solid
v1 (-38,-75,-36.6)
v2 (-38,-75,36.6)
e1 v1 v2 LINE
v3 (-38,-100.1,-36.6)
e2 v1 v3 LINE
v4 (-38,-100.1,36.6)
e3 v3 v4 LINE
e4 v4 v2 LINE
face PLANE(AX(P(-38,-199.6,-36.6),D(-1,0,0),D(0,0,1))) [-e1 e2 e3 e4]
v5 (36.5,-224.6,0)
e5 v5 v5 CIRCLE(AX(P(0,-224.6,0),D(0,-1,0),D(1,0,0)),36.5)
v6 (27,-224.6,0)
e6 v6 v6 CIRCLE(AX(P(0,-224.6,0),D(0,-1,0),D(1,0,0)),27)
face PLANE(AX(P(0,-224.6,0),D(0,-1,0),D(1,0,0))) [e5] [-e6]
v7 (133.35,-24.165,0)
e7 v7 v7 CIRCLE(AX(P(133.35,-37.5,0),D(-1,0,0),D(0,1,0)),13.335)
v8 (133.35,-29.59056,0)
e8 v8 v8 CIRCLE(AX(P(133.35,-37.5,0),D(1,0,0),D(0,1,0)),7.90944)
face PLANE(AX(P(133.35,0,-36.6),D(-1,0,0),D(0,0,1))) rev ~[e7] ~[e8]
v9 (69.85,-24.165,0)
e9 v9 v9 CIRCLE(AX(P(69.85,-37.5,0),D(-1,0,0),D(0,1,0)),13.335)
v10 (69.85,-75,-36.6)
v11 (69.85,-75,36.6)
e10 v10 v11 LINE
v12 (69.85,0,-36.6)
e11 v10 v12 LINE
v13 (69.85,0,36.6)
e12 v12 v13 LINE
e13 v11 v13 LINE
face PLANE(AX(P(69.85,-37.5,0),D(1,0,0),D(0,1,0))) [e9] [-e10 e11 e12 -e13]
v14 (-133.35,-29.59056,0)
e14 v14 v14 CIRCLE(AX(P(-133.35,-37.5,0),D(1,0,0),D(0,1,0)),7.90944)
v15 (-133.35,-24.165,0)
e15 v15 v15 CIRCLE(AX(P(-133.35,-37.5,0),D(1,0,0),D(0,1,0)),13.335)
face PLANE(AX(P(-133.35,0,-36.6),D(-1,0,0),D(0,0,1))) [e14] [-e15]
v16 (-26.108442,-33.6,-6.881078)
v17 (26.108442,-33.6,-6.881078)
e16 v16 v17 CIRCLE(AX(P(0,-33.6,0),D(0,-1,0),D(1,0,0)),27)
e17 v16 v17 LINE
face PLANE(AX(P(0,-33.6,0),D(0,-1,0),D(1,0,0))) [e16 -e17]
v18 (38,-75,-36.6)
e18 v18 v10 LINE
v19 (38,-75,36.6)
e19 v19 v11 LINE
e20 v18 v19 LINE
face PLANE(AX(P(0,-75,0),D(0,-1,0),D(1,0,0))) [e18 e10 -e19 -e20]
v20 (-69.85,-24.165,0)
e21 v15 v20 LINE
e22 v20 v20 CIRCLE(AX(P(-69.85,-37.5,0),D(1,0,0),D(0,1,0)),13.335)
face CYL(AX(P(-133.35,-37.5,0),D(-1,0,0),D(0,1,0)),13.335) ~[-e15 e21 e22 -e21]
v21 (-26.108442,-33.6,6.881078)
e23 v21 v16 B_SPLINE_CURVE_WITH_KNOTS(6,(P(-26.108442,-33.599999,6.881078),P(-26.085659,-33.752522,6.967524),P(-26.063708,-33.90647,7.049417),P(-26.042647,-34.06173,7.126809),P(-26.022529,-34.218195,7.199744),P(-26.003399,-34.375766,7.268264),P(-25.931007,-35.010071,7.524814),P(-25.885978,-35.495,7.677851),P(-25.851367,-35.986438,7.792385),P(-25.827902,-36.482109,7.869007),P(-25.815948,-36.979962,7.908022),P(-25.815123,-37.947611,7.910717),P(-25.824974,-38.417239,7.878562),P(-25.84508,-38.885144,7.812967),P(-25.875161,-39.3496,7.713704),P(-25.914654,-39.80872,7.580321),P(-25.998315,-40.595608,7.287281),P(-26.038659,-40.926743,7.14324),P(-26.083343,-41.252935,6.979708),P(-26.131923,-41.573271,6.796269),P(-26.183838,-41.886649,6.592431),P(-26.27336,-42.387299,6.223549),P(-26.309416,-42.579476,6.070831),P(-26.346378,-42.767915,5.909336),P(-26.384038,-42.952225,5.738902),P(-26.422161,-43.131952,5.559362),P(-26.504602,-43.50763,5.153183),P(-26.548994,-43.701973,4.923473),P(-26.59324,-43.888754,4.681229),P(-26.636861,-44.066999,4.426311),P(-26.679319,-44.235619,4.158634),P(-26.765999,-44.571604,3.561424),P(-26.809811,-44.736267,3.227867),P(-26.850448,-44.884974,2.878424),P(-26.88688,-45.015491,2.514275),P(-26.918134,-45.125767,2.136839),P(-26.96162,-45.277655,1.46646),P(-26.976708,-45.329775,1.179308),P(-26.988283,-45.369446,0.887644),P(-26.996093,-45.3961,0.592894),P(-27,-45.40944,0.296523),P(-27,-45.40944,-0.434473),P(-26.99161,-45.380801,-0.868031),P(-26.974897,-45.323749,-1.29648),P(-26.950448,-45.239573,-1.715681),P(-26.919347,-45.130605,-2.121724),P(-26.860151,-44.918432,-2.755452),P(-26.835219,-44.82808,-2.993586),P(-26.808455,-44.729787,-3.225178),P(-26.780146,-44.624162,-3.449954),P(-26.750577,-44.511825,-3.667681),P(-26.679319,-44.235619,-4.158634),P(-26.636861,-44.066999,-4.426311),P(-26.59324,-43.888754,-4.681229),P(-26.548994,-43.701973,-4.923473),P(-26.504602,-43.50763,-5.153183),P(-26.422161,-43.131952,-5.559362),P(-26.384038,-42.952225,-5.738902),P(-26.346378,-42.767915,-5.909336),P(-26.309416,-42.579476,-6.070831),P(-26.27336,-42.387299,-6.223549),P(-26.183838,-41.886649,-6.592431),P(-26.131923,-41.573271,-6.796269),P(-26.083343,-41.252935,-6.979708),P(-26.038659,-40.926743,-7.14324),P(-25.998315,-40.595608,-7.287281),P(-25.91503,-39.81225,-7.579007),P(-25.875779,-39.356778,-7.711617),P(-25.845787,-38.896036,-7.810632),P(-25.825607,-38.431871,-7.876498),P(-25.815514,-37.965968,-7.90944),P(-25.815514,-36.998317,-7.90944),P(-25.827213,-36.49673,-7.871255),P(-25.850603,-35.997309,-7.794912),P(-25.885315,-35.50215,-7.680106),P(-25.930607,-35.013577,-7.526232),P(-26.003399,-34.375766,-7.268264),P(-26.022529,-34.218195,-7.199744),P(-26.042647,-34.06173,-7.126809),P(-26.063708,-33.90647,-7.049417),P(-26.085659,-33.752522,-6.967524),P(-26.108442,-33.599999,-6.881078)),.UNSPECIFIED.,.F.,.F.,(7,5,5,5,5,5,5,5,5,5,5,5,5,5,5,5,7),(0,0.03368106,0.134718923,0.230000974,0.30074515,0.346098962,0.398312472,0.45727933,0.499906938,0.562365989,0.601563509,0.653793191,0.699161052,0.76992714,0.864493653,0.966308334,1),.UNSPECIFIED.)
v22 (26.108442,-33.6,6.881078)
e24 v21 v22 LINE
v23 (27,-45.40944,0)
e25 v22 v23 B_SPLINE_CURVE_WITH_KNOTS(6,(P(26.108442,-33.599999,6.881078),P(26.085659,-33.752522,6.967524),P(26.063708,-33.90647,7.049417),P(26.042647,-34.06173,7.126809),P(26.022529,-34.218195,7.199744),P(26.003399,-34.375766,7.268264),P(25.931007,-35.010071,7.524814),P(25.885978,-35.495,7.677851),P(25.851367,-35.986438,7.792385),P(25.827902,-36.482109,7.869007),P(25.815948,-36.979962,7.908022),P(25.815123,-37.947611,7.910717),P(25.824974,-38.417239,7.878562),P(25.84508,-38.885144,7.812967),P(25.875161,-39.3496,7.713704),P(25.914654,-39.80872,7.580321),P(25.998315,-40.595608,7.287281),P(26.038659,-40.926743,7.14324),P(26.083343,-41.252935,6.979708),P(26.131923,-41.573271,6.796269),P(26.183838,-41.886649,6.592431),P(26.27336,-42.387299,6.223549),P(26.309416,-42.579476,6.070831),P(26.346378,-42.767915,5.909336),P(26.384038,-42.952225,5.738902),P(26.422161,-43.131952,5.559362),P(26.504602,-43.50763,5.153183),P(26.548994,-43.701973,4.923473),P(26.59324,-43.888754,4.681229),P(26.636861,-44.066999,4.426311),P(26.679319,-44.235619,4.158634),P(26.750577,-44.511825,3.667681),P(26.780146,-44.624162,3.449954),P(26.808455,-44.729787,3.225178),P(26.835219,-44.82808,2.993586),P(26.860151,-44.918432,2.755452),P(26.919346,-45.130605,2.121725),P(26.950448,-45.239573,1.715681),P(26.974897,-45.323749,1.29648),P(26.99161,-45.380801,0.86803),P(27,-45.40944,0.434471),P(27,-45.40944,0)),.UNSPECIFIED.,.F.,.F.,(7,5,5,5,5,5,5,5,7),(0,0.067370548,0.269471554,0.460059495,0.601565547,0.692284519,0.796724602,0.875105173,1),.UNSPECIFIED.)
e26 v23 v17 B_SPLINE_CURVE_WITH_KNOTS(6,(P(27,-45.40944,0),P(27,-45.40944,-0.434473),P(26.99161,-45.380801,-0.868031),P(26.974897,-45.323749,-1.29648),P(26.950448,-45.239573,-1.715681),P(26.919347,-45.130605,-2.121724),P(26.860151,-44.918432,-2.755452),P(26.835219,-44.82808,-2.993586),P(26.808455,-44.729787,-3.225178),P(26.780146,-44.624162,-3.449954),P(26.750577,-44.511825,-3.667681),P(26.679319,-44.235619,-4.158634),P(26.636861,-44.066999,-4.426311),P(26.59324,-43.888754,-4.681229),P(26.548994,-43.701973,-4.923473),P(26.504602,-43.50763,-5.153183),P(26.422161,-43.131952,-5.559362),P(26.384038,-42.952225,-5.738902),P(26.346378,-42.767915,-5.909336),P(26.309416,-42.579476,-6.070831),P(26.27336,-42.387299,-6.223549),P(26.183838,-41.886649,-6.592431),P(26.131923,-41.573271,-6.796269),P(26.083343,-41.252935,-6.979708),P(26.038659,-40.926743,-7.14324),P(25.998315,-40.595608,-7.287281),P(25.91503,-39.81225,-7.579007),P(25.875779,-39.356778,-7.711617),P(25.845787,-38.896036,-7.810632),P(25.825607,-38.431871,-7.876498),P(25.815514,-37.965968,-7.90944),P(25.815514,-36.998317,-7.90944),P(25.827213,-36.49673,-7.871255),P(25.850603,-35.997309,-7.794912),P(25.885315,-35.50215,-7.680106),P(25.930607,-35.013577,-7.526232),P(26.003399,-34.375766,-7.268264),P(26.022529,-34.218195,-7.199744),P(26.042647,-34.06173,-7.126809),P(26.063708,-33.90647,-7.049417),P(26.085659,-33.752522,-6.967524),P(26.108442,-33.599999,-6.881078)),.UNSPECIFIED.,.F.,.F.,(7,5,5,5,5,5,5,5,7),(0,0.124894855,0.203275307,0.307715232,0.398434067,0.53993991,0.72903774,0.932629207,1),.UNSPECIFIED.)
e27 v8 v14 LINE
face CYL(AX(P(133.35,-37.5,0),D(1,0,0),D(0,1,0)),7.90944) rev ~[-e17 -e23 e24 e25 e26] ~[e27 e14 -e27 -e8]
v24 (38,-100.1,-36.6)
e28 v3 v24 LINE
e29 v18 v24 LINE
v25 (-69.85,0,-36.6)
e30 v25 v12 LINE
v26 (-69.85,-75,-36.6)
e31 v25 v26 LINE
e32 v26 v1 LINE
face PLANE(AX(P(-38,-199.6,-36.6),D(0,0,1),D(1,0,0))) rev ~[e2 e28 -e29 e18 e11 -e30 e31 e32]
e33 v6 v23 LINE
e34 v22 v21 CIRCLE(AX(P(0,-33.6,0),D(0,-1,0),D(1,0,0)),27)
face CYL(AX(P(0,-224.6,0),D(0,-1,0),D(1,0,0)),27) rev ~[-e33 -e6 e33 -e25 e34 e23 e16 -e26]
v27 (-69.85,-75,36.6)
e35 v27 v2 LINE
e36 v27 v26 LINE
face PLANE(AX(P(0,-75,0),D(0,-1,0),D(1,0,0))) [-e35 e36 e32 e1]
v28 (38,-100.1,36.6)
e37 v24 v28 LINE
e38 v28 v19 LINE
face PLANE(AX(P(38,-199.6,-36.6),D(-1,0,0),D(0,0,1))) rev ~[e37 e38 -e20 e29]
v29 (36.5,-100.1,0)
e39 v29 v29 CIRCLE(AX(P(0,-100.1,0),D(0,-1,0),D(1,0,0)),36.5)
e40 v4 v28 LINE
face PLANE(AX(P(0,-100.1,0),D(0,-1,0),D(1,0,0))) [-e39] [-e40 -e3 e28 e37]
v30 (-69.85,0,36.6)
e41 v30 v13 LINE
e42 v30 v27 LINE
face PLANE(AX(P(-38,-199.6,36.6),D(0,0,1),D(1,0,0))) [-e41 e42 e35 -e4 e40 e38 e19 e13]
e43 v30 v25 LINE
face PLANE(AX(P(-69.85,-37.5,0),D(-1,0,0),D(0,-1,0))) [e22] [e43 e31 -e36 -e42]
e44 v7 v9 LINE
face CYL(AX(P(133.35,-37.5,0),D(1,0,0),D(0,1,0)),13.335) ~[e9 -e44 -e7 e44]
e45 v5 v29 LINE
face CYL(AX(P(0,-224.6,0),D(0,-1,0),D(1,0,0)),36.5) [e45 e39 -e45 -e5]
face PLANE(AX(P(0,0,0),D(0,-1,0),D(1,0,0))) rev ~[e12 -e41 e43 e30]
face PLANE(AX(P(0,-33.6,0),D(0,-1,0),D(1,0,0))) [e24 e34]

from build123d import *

# Parameters (mm, degrees)
F0_W      = 266.7
F0_H      = 73.2
F1_DEPTH  = 75
F2_W      = 76
F2_H      = 73.2
F3_DEPTH  = 124.6
F4_R      = 58.834667
F5_DEPTH  = 63.5
F6_R      = 62.865407
F7_DEPTH  = 63.5
F3_FACE_W = 76
F3_FACE_H = 73.2
F8_DEPTH  = 25
F9_R      = 76.896223
F9_R_2    = 36.5
F10_DEPTH = 124.5
F11_R     = 27
F12_DEPTH = 191
F13_R     = 7.90944
F14_DEPTH = 291


with BuildPart() as f1:
    # F0 (on Front) → F1 (new body)
    with BuildSketch(Plane.XZ):
        Rectangle(F0_W, F0_H)
    extrude(amount=F1_DEPTH)

    # F2 (on face) → F3 (join)
    with BuildSketch(Plane.XZ.offset(75)):
        Rectangle(F2_W, F2_H)
    extrude(amount=F3_DEPTH)

    # F4 (on face) → F5 (cut)
    with BuildSketch(Plane.YZ.offset(133.35)):
        with Locations((-37.5, 0)):
            Circle(F4_R)
        with BuildLine():
            ThreePointArc((-50.835, 0), (-37.5, 13.335), (-24.165, 0))
            ThreePointArc((-24.165, 0), (-37.5, -13.335), (-50.835, 0))
        make_face(mode=Mode.SUBTRACT)
    extrude(amount=-F5_DEPTH, mode=Mode.SUBTRACT)

    # F6 (on face) → F7 (cut)
    with BuildSketch(Plane(origin=(-133.35, 0, 0), x_dir=(0, -1, 0), z_dir=(-1, 0, 0))):
        with Locations((37.5, 0)):
            Circle(F6_R)
        with BuildLine():
            ThreePointArc((50.835, 0), (37.5, -13.335), (24.165, 0))
            ThreePointArc((24.165, 0), (37.5, 13.335), (50.835, 0))
        make_face(mode=Mode.SUBTRACT)
    extrude(amount=-F7_DEPTH, mode=Mode.SUBTRACT)

    # F3_face (on face) → F8 (join)
    with BuildSketch(Plane.XZ.offset(199.6)):
        Rectangle(F3_FACE_W, F3_FACE_H)
    extrude(amount=F8_DEPTH)

    # F9 (on face) → F10 (cut)
    with BuildSketch(Plane.XZ.offset(224.6)):
        Circle(F9_R)
        Circle(F9_R_2, mode=Mode.SUBTRACT)
    extrude(amount=-F10_DEPTH, mode=Mode.SUBTRACT)

    # F11 (on face) → F12 (cut)
    with BuildSketch(Plane.XZ.offset(224.6)):
        Circle(F11_R)
    extrude(amount=-F12_DEPTH, mode=Mode.SUBTRACT)

    # F13 (on face) → F14 (cut)
    with BuildSketch(Plane.YZ.offset(133.35)):
        with Locations((-37.5, 0)):
            Circle(F13_R)
    extrude(amount=-F14_DEPTH, mode=Mode.SUBTRACT)


solid = f1.part
